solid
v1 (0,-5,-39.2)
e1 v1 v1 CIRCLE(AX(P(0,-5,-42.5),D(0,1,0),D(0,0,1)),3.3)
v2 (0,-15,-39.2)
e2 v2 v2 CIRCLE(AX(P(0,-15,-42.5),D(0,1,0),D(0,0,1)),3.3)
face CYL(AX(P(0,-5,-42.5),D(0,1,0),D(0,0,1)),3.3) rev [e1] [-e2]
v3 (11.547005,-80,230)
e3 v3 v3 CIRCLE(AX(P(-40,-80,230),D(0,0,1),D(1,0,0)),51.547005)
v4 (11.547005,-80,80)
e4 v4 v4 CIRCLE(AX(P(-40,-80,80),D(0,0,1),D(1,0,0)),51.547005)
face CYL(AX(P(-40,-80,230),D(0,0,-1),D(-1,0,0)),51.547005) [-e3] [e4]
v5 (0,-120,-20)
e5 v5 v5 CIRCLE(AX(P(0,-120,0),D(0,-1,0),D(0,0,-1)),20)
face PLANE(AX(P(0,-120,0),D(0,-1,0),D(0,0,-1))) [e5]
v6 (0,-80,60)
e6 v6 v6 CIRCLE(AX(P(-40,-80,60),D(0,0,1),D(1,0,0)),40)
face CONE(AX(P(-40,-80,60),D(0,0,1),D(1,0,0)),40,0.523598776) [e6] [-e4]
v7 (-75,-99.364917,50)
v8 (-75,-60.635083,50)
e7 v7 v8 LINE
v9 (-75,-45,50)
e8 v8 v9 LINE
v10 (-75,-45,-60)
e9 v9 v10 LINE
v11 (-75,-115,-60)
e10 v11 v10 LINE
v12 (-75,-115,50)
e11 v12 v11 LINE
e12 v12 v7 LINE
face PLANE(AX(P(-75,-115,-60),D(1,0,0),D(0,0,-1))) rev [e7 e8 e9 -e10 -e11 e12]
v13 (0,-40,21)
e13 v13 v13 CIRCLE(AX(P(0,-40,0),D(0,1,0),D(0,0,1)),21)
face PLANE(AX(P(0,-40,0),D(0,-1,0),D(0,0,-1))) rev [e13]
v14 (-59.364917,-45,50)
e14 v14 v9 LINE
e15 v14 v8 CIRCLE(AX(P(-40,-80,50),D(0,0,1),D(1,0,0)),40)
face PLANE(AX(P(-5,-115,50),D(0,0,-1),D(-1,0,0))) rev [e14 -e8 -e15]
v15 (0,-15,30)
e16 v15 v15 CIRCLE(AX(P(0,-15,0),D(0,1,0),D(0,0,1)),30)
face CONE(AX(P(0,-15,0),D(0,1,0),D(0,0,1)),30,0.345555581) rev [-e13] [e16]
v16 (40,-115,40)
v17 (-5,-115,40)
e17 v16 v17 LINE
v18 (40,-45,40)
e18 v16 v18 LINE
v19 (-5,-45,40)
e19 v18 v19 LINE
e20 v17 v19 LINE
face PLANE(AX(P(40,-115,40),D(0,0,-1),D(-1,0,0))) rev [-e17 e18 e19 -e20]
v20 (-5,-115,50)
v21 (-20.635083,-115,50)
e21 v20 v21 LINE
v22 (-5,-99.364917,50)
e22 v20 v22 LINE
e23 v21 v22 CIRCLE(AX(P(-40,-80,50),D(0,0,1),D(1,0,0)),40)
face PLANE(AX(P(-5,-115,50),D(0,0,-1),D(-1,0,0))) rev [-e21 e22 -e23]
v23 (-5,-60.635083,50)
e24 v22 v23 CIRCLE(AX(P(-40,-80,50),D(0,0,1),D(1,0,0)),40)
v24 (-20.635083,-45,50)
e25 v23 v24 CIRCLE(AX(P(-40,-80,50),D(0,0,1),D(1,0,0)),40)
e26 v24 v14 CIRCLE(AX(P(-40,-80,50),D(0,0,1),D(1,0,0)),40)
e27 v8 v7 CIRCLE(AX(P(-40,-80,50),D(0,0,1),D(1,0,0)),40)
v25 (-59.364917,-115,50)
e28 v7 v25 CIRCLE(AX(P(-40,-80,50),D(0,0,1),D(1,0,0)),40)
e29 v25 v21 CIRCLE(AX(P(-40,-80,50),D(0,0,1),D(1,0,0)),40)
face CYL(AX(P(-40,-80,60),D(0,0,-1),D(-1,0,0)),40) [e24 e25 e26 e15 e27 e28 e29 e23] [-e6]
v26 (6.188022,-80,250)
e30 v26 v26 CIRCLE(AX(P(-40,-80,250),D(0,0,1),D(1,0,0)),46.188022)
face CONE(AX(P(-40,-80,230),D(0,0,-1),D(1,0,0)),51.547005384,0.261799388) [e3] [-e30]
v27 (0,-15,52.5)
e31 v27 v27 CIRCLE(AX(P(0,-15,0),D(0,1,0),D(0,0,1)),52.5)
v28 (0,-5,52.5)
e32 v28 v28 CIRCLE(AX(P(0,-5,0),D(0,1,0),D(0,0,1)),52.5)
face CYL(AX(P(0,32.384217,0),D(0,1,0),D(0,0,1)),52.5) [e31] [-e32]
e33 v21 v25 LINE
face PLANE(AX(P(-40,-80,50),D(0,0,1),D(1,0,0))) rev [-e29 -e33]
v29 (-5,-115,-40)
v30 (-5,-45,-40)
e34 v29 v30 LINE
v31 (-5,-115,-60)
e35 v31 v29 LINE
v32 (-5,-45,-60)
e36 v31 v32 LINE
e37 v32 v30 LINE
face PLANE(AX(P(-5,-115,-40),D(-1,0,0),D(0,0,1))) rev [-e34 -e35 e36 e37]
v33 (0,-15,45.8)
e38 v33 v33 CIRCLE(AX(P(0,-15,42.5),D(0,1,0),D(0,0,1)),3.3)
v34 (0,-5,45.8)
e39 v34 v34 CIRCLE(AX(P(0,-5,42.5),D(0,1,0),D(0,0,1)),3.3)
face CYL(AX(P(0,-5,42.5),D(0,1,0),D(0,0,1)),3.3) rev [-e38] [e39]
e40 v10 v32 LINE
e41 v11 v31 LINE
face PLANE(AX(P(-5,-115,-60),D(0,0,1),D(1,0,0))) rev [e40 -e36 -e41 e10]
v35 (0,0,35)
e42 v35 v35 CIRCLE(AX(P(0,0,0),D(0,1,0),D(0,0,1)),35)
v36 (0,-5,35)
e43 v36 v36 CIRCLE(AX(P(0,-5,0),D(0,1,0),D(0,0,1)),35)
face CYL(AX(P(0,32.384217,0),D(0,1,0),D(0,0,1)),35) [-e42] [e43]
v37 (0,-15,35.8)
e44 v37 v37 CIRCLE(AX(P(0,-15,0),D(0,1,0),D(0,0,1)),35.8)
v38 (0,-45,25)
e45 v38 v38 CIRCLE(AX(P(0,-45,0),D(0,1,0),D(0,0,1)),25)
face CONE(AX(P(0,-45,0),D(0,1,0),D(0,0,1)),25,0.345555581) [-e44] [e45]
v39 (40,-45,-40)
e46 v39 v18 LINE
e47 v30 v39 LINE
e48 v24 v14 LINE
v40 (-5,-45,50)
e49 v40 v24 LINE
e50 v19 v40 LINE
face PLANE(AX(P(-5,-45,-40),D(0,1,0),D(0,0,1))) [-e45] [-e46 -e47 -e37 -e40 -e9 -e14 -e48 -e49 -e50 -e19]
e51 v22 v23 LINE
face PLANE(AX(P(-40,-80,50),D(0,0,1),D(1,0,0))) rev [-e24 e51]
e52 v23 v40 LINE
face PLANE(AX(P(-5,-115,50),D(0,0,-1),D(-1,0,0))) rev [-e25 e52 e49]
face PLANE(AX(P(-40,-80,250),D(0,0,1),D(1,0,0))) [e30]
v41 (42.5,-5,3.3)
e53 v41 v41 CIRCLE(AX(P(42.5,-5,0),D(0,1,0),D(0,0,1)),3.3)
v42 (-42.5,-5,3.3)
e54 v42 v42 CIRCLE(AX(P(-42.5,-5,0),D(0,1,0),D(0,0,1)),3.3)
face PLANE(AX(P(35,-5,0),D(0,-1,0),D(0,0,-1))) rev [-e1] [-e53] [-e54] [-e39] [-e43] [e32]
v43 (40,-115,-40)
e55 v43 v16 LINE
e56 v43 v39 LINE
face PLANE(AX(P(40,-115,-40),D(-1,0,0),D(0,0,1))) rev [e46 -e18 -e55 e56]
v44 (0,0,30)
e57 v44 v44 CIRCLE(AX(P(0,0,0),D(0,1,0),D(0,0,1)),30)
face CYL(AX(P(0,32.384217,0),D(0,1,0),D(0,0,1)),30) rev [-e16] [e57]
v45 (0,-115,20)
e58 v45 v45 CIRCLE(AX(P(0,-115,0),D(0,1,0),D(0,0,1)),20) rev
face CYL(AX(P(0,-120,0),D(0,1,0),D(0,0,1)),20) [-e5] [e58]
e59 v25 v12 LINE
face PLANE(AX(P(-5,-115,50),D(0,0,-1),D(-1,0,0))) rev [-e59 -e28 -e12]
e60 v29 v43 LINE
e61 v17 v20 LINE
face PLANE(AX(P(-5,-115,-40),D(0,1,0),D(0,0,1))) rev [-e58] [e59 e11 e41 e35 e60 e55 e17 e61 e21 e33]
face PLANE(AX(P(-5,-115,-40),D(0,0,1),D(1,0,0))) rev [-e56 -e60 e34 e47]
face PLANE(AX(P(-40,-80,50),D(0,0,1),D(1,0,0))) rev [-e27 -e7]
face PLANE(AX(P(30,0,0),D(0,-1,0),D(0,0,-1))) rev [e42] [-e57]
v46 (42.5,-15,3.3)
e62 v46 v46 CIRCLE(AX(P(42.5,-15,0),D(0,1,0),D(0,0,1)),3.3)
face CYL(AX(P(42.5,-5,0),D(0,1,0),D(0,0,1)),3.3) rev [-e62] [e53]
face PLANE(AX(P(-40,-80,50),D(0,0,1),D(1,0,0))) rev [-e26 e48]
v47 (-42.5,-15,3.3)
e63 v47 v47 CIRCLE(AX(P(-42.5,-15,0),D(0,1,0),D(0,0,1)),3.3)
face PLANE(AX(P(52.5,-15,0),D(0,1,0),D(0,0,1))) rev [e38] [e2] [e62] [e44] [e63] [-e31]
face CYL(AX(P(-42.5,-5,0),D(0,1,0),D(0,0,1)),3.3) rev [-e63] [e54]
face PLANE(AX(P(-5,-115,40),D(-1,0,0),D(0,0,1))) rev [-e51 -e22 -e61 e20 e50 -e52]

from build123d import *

# Parameters (mm, degrees)
PER_AGE1_D         = 6.6
BOSS_EXTRU_1_DEPTH = 70
ESQUISSE6_R        = 40
BOSS_EXTRU_2_DEPTH = 10
ESQUISSE7_R        = 40
BOSS_EXTRU_3_DEPTH = 20
BOSS_EXTRU_3_DRAFT = -30
ESQUISSE8_R        = 51.547005384
BOSS_EXTRU_4_DEPTH = 150
ESQUISSE9_R        = 51.547005384
BOSS_EXTRU_5_DEPTH = 20
BOSS_EXTRU_5_TAPER = 15
ESQUISSE10_R       = 20
BOSS_EXTRU_6_DEPTH = 5


with BuildPart() as part:
    # Esquisse1 → Base-Révolution (revolve)
    with BuildSketch(Plane.XY, mode=Mode.PRIVATE) as base_r_volution_sk:
        Polygon((30, 0), (35, 0), (35, -5), (52.5, -5), (52.5, -15), (35.8, -15), (25, -45), (0, -45), (0, -40), (21, -40), (30, -15), align=None)
    revolve(base_r_volution_sk.sketch.rotate(Axis((0, 32.384217016, 0), (0, -1, 0)), 90), axis=Axis((0, 32.384217016, 0), (0, -1, 0)))

    # Perçage1 (through all)
    with Locations(Plane(origin=(0, -5, 0), x_dir=(-1, 0, 0), z_dir=(0, 1, 0))):
        with Locations((42.5, 0), (-42.5, 0), (0, -42.5), (0, 42.5)):
            Hole(PER_AGE1_D / 2)

    # Esquisse2 → Boss.-Extru.1 (add)
    with BuildSketch(Plane.XZ.offset(45)):
        Polygon((-5, -40), (-5, -60), (-75, -60), (-75, 50), (-5, 50), (-5, 40), (40, 40), (40, -40), align=None)
    extrude(amount=BOSS_EXTRU_1_DEPTH)

    # Esquisse6 → Boss.-Extru.2 (add)
    with BuildSketch(Plane.XY.offset(50)):
        with Locations(Location((-40, -80, 0), (0, 0, 151.044975628))):
            Circle(ESQUISSE6_R)
    extrude(amount=BOSS_EXTRU_2_DEPTH)


with BuildPart() as boss_extru_3_tool:
    # Esquisse7 → Boss.-Extru.3 (with draft: the straight prism first)
    with BuildSketch(Plane.XY.offset(60)):
        with Locations(Location((-40, -80, 0), (0, 0, 151.044975628))):
            Circle(ESQUISSE7_R)
    extrude(amount=BOSS_EXTRU_3_DEPTH)
    # Boss.-Extru.3: the draft: its side faces are tilted about the plane it starts from
    boss_extru_3_sides = [boss_extru_3_tool.faces().sort_by_distance(p)[0] for p in [
        (-5, -99.364916731, 70),
    ]]
    draft(boss_extru_3_sides, Plane.XY.offset(60), BOSS_EXTRU_3_DRAFT)


with BuildPart() as part_1:
    add(part.part)

    # Boss.-Extru.3: add boss_extru_3_tool
    add(boss_extru_3_tool.part)

    # Esquisse8 → Boss.-Extru.4 (add)
    with BuildSketch(Plane.XY.offset(80)):
        with Locations((-40, -80)):
            Circle(ESQUISSE8_R)
    extrude(amount=BOSS_EXTRU_4_DEPTH)

    # Esquisse9 → Boss.-Extru.5 (add)
    with BuildSketch(Plane.XY.offset(230)):
        with Locations((-40, -80)):
            Circle(ESQUISSE9_R)
    extrude(amount=BOSS_EXTRU_5_DEPTH, taper=BOSS_EXTRU_5_TAPER)

    # Esquisse10 → Boss.-Extru.6 (add)
    with BuildSketch(Plane.XZ.offset(115)):
        with Locations(Location((0, 0, 0), (0, 0, 90))):
            Circle(ESQUISSE10_R)
    extrude(amount=BOSS_EXTRU_6_DEPTH)


solid = part_1.part
